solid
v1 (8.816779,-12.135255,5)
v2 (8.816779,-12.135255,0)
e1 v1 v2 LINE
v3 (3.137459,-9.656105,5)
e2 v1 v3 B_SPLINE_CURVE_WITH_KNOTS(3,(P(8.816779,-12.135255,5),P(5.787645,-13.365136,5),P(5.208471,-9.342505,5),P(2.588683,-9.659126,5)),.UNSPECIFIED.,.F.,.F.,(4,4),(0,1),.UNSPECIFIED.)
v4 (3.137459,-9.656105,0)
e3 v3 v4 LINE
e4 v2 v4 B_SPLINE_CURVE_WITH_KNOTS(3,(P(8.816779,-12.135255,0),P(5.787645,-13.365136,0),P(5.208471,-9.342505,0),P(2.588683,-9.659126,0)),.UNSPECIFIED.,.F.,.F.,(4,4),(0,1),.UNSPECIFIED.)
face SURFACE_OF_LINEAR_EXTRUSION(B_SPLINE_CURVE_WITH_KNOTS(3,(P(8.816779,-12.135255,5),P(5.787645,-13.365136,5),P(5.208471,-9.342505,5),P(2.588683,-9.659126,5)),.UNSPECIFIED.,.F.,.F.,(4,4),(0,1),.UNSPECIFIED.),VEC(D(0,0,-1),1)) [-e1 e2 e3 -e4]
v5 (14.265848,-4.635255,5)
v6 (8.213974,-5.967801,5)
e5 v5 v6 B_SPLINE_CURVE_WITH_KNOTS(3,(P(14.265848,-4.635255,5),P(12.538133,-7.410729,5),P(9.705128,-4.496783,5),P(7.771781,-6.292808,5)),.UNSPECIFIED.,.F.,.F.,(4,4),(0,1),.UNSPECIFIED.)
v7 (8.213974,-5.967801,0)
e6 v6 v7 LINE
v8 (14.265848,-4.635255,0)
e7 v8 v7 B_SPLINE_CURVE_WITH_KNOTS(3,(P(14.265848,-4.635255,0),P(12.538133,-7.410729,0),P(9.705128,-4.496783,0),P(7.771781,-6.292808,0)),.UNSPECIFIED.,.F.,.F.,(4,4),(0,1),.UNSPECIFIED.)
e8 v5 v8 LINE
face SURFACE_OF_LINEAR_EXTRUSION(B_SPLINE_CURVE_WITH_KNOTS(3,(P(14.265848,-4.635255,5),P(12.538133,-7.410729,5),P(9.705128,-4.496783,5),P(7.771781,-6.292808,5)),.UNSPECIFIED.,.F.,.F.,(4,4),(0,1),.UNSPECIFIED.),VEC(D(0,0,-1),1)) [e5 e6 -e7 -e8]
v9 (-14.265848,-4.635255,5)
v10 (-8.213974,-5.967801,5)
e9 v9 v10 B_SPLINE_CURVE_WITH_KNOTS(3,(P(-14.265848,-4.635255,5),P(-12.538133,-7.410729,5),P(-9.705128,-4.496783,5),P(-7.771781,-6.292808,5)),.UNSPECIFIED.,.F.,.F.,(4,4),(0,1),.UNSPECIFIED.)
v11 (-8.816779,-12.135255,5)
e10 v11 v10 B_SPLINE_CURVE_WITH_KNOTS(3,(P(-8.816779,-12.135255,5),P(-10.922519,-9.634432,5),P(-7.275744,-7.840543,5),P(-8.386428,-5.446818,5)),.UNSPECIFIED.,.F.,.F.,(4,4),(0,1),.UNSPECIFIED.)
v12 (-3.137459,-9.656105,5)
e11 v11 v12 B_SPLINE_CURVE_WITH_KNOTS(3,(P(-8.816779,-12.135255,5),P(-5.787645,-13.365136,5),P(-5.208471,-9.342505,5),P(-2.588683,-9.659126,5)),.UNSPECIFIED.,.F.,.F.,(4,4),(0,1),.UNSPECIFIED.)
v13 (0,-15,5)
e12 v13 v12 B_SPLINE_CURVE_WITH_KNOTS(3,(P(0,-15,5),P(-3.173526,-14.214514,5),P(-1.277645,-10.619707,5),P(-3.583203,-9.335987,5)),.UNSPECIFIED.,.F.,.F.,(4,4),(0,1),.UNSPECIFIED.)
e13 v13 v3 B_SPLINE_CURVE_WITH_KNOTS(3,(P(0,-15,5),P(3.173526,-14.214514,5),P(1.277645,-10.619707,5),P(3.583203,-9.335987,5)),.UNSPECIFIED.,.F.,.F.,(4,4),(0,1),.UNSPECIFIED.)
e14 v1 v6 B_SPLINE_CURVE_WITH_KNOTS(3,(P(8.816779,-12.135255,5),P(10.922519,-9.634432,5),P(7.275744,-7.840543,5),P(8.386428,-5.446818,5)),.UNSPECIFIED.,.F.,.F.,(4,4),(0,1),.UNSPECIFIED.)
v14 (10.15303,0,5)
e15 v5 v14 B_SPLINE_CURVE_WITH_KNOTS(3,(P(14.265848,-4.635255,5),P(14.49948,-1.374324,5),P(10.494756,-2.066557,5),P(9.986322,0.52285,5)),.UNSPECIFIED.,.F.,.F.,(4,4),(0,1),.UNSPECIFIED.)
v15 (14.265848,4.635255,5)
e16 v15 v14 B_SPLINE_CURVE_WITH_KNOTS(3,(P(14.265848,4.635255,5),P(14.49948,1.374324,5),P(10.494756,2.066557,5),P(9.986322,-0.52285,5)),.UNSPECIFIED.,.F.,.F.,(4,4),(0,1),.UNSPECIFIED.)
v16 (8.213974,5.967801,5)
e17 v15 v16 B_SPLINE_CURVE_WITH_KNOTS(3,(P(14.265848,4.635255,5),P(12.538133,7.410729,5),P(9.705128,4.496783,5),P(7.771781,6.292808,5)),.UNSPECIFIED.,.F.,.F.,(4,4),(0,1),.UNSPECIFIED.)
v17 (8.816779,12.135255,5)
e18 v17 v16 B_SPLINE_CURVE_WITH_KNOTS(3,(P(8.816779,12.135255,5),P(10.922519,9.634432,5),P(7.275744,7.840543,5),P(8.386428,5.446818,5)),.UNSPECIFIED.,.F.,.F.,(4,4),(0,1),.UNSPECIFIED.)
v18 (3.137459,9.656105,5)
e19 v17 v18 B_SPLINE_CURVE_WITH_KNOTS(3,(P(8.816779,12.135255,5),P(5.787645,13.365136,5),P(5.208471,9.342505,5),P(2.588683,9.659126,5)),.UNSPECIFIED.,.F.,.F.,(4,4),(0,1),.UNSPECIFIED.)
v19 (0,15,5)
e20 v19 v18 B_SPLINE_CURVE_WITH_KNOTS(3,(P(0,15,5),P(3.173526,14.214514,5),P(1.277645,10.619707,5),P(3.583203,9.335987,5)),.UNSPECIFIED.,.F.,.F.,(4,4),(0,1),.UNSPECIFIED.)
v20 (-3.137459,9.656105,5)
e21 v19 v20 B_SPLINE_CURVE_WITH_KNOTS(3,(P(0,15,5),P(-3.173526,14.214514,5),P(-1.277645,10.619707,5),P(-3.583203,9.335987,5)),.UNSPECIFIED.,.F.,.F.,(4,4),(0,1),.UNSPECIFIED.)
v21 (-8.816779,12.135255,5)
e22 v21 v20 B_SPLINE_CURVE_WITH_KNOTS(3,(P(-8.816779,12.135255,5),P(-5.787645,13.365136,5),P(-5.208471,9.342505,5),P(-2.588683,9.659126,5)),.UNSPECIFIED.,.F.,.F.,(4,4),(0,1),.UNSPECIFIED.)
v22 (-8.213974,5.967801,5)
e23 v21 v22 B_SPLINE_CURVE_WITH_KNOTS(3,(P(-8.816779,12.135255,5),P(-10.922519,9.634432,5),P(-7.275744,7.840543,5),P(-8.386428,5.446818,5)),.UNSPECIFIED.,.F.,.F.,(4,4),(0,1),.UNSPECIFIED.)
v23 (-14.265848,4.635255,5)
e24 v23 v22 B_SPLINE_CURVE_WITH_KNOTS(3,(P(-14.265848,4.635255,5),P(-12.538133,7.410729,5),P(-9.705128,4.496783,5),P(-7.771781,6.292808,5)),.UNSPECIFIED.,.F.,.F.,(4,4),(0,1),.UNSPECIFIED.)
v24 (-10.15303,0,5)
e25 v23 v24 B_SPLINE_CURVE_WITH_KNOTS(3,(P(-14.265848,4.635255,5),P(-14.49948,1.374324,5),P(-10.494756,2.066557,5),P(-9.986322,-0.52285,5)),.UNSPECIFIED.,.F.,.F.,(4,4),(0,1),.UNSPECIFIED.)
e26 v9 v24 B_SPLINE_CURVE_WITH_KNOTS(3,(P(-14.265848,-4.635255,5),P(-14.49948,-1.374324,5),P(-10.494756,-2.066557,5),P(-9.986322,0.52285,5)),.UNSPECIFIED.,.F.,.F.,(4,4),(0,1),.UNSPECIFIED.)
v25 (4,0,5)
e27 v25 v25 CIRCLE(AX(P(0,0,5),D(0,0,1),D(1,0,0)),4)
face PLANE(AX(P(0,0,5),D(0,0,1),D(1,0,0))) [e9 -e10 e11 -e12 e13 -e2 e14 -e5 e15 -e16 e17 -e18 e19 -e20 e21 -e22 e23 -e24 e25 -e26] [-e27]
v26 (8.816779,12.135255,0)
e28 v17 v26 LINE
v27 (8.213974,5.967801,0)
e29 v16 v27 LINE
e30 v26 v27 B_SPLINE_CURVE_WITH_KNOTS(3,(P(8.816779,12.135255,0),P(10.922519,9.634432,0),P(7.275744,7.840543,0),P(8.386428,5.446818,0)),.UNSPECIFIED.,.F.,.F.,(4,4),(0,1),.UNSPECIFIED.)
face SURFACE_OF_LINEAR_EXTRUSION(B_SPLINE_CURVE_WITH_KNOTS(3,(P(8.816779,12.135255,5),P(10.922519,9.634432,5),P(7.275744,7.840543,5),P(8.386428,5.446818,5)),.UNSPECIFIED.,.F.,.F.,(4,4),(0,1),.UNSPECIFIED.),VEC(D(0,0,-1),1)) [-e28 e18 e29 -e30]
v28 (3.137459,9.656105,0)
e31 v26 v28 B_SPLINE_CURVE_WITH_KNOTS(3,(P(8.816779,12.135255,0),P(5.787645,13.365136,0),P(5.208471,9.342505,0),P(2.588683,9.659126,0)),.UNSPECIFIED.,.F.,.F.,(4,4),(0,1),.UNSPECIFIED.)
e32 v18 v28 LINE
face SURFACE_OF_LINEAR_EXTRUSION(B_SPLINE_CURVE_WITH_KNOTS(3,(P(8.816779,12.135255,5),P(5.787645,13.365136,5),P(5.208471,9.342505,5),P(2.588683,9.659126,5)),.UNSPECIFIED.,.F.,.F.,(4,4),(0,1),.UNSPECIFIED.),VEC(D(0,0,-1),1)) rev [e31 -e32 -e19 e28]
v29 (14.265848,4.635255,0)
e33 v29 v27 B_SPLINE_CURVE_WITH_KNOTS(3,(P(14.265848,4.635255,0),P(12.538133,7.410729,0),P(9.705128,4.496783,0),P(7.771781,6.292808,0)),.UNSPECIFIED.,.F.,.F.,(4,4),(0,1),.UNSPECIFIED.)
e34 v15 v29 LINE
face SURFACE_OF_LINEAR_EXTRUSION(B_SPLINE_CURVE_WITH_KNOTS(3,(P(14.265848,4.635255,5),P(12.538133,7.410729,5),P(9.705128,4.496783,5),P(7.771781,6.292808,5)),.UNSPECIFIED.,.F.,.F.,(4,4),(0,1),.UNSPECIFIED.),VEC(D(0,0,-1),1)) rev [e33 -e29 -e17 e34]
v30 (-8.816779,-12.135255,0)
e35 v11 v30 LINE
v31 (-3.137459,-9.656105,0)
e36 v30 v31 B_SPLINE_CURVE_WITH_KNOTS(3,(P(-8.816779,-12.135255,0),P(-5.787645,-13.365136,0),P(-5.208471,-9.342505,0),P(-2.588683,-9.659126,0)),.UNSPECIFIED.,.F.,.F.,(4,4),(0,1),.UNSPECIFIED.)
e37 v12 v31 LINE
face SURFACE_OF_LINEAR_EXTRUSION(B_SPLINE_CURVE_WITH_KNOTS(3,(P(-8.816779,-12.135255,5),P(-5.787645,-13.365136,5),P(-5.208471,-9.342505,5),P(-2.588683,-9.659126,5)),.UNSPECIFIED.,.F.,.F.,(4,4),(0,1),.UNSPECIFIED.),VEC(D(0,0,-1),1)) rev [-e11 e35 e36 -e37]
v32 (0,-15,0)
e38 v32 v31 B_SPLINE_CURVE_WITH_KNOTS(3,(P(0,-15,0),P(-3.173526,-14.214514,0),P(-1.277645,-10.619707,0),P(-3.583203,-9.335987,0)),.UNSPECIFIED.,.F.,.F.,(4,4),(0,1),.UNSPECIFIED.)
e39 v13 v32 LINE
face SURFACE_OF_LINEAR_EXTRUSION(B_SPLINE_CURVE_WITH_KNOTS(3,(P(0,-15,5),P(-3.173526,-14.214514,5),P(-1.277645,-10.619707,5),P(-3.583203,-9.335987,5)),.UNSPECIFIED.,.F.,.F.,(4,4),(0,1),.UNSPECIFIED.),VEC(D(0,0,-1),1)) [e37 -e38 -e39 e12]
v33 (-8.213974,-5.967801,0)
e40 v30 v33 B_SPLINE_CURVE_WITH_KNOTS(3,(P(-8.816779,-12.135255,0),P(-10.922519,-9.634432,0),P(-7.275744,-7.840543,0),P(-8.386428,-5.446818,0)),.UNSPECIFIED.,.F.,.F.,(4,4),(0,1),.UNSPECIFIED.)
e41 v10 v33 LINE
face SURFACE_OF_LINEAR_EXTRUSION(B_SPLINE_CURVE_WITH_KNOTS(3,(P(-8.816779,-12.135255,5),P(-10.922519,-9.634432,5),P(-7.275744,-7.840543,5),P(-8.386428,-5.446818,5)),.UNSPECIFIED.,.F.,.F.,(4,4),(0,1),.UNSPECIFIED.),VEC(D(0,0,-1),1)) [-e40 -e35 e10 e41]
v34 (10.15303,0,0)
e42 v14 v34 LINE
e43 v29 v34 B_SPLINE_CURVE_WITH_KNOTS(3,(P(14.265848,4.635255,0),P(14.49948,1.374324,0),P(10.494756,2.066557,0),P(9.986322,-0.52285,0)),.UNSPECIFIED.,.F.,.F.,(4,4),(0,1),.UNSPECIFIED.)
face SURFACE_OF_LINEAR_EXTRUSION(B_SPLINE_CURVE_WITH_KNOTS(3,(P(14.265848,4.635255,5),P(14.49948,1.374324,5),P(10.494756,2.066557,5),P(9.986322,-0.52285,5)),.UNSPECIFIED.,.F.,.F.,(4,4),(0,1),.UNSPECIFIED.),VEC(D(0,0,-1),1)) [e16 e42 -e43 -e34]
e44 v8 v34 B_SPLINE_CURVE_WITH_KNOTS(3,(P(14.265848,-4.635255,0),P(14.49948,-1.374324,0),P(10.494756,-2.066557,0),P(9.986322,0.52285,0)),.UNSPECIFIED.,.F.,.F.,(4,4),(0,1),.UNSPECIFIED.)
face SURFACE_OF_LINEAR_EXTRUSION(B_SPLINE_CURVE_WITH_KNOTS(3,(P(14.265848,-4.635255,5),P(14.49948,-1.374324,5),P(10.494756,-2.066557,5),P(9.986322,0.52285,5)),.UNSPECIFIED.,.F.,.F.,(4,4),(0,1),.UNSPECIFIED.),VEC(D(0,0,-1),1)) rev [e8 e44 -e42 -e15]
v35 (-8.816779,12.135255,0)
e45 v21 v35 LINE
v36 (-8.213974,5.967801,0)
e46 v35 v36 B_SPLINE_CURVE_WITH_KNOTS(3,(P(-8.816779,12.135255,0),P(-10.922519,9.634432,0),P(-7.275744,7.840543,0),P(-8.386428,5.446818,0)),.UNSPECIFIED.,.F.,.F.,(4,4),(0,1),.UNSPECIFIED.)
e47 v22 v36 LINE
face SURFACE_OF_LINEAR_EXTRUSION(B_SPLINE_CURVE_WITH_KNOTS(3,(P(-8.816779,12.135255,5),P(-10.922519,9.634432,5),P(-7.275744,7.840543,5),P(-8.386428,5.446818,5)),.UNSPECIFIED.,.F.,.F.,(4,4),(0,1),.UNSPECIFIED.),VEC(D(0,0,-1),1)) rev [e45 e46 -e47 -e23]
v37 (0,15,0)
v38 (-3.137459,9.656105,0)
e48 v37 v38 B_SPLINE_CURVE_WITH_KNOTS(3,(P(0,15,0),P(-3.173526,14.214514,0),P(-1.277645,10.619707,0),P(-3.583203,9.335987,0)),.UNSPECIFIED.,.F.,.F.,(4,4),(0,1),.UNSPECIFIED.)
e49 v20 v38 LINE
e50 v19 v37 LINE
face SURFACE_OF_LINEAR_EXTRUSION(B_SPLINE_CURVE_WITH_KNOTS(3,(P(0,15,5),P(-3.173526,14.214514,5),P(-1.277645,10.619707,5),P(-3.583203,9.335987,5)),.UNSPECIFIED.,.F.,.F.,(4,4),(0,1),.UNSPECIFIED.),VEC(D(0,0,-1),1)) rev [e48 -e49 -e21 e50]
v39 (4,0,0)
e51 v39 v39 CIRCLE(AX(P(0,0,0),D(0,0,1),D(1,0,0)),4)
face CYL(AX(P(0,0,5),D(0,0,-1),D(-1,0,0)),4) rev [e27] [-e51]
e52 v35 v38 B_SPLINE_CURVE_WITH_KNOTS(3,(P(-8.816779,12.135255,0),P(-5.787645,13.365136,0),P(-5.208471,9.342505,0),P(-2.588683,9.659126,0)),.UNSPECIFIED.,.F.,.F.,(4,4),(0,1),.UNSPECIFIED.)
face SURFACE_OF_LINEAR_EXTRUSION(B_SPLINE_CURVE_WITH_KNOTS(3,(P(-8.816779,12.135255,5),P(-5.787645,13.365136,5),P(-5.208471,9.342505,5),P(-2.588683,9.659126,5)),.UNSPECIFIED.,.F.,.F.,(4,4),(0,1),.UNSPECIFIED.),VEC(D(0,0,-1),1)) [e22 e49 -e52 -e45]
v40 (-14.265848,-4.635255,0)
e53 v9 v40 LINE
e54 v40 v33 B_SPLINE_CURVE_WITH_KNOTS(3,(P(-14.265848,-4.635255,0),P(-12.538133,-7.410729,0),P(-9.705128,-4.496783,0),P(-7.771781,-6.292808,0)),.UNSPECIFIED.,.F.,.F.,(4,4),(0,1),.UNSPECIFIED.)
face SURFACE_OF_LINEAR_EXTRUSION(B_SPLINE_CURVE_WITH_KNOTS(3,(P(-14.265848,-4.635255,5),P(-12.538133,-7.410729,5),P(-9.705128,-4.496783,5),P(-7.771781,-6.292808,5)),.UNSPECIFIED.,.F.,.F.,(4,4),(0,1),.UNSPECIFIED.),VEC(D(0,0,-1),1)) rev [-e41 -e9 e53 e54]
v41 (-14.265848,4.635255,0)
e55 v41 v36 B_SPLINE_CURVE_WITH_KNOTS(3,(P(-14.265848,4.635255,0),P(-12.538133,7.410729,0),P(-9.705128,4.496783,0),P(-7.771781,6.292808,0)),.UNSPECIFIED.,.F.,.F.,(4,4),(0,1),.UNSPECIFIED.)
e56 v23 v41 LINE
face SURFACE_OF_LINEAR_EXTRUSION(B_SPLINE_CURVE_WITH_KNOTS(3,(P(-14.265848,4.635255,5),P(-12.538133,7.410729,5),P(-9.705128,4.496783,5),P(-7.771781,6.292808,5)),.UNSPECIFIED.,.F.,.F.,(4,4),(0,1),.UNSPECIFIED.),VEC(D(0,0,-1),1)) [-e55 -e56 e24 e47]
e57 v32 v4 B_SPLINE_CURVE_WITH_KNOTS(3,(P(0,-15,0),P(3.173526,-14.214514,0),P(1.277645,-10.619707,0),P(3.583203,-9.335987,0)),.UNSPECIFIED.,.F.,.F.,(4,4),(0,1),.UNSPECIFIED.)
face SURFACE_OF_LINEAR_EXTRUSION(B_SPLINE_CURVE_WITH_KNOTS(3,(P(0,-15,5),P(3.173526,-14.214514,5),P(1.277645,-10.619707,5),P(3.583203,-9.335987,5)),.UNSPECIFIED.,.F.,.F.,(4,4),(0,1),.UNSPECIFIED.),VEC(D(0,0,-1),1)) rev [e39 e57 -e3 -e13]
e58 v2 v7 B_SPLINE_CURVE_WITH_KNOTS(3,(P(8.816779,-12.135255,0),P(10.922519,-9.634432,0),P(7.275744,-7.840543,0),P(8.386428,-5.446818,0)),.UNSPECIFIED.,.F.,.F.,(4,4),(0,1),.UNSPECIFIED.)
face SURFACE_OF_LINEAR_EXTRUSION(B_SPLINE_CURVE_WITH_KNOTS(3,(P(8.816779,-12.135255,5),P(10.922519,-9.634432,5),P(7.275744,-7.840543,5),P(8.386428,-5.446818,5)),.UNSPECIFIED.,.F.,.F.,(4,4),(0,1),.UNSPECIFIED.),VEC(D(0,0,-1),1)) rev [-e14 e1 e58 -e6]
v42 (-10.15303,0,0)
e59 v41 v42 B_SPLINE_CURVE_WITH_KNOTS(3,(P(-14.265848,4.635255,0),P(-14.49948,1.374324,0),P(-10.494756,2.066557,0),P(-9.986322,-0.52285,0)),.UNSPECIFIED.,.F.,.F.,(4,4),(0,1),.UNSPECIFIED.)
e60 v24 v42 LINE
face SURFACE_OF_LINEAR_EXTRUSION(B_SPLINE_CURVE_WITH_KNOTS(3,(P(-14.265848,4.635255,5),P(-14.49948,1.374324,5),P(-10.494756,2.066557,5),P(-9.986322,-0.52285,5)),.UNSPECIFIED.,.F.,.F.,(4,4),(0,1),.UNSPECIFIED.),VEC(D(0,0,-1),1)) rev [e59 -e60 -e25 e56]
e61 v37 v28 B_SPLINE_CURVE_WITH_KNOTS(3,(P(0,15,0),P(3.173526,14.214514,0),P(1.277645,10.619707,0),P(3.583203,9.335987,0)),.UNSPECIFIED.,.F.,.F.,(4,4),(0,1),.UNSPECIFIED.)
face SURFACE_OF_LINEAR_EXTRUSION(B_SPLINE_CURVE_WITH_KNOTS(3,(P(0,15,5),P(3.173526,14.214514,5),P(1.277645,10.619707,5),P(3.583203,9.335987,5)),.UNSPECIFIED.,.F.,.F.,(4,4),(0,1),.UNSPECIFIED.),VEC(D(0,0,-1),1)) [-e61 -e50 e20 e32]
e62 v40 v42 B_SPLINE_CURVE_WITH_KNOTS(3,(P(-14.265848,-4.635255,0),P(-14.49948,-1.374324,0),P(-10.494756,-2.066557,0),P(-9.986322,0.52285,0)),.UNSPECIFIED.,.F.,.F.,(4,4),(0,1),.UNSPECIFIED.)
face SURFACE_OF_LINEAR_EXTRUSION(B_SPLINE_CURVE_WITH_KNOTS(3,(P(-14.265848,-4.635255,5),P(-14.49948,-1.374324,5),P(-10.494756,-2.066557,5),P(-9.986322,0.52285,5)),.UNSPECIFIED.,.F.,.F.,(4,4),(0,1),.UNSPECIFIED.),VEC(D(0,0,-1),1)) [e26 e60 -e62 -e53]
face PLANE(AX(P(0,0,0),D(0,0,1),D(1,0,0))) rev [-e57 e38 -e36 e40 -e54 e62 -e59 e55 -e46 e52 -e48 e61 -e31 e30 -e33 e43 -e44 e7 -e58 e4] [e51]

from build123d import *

# Parameters (mm, degrees)
SKETCH1_R           = 4
BOSS_EXTRUDE1_DEPTH = 5


with BuildPart() as part:
    # Sketch1 → Boss-Extrude1 (new body)
    with BuildSketch(Plane.XY):
        with BuildLine():
            add(Edge.make_bspline(
                [(0, 15), (2.939188217, 14.272515919), (1.529993599, 11.135281605), (3.13745877, 9.656105206)],
                knots=[0, 0, 0, 0, 0.926158454, 0.926158454, 0.926158454, 0.926158454], degree=3))
            add(Edge.make_bspline(
                [(0, 15), (-2.939188224, 14.272515918), (-1.529993593, 11.13528159), (-3.137458782, 9.656105196)],
                knots=[0, 0, 0, 0, 0.926158457, 0.926158457, 0.926158457, 0.926158457], degree=3))
            add(Edge.make_bspline(
                [(-8.816778784, 12.135254916), (-6.01132116, 13.274319416), (-5.307363487, 9.907939744), (-3.137458785, 9.656105208)],
                knots=[0, 0, 0, 0, 0.926158452, 0.926158452, 0.926158452, 0.926158452], degree=3))
            add(Edge.make_bspline(
                [(-8.816778784, 12.135254916), (-10.767027588, 9.819096444), (-7.782945131, 8.109324382), (-8.213973699, 5.967801216)],
                knots=[0, 0, 0, 0, 0.926158454, 0.926158454, 0.926158454, 0.926158454], degree=3))
            add(Edge.make_bspline(
                [(-14.265847744, 4.635254916), (-12.66571016, 7.205784078), (-10.117488108, 4.896101636), (-8.213973699, 5.967801216)],
                knots=[0, 0, 0, 0, 0.926158454, 0.926158454, 0.926158454, 0.926158454], degree=3))
            add(Edge.make_bspline(
                [(-14.265847744, 4.635254916), (-14.482228378, 1.615115865), (-11.063076155, 1.98588087), (-10.153029858, 0)],
                knots=[0, 0, 0, 0, 0.926158454, 0.926158454, 0.926158454, 0.926158454], degree=3))
            add(Edge.make_bspline(
                [(-14.265847744, -4.635254916), (-14.482228378, -1.615115865), (-11.063076155, -1.98588087), (-10.153029858, 0)],
                knots=[0, 0, 0, 0, 0.926158454, 0.926158454, 0.926158454, 0.926158454], degree=3))
            add(Edge.make_bspline(
                [(-14.265847744, -4.635254916), (-12.665710158, -7.205784082), (-10.117488099, -4.896101628), (-8.21397369, -5.967801222)],
                knots=[0, 0, 0, 0, 0.926158456, 0.926158456, 0.926158456, 0.926158456], degree=3))
            add(Edge.make_bspline(
                [(-8.816778784, -12.135254916), (-10.767027584, -9.819096448), (-7.782945142, -8.109324388), (-8.213973697, -5.967801228)],
                knots=[0, 0, 0, 0, 0.926158453, 0.926158453, 0.926158453, 0.926158453], degree=3))
            add(Edge.make_bspline(
                [(-8.816778784, -12.135254916), (-6.01132116, -13.274319416), (-5.307363487, -9.907939744), (-3.137458785, -9.656105208)],
                knots=[0, 0, 0, 0, 0.926158452, 0.926158452, 0.926158452, 0.926158452], degree=3))
            add(Edge.make_bspline(
                [(0, -15), (-2.939188224, -14.272515918), (-1.529993593, -11.13528159), (-3.137458782, -9.656105196)],
                knots=[0, 0, 0, 0, 0.926158457, 0.926158457, 0.926158457, 0.926158457], degree=3))
            add(Edge.make_bspline(
                [(0, -15), (2.939188224, -14.272515918), (1.529993593, -11.13528159), (3.137458782, -9.656105196)],
                knots=[0, 0, 0, 0, 0.926158457, 0.926158457, 0.926158457, 0.926158457], degree=3))
            add(Edge.make_bspline(
                [(8.816778784, -12.135254916), (6.01132116, -13.274319416), (5.307363487, -9.907939744), (3.137458785, -9.656105208)],
                knots=[0, 0, 0, 0, 0.926158452, 0.926158452, 0.926158452, 0.926158452], degree=3))
            add(Edge.make_bspline(
                [(8.816778784, -12.135254916), (10.767027588, -9.819096444), (7.782945131, -8.109324382), (8.213973699, -5.967801216)],
                knots=[0, 0, 0, 0, 0.926158454, 0.926158454, 0.926158454, 0.926158454], degree=3))
            add(Edge.make_bspline(
                [(14.265847744, -4.635254916), (12.66571016, -7.205784078), (10.117488108, -4.896101636), (8.213973699, -5.967801216)],
                knots=[0, 0, 0, 0, 0.926158454, 0.926158454, 0.926158454, 0.926158454], degree=3))
            add(Edge.make_bspline(
                [(14.265847744, -4.635254916), (14.482228378, -1.615115865), (11.063076155, -1.98588087), (10.153029858, 0)],
                knots=[0, 0, 0, 0, 0.926158454, 0.926158454, 0.926158454, 0.926158454], degree=3))
            add(Edge.make_bspline(
                [(14.265847744, 4.635254916), (14.482228378, 1.615115865), (11.063076155, 1.98588087), (10.153029858, 0)],
                knots=[0, 0, 0, 0, 0.926158454, 0.926158454, 0.926158454, 0.926158454], degree=3))
            add(Edge.make_bspline(
                [(14.265847744, 4.635254916), (12.665710158, 7.205784082), (10.117488099, 4.896101628), (8.21397369, 5.967801222)],
                knots=[0, 0, 0, 0, 0.926158456, 0.926158456, 0.926158456, 0.926158456], degree=3))
            add(Edge.make_bspline(
                [(8.816778784, 12.135254916), (10.767027584, 9.819096448), (7.782945142, 8.109324388), (8.213973697, 5.967801228)],
                knots=[0, 0, 0, 0, 0.926158453, 0.926158453, 0.926158453, 0.926158453], degree=3))
            add(Edge.make_bspline(
                [(8.816778784, 12.135254916), (6.011321153, 13.274319419), (5.307363484, 9.907939729), (3.13745877, 9.656105206)],
                knots=[0, 0, 0, 0, 0.926158454, 0.926158454, 0.926158454, 0.926158454], degree=3))
        make_face()
        Circle(SKETCH1_R, mode=Mode.SUBTRACT)
    extrude(amount=BOSS_EXTRUDE1_DEPTH)


solid = part.part
